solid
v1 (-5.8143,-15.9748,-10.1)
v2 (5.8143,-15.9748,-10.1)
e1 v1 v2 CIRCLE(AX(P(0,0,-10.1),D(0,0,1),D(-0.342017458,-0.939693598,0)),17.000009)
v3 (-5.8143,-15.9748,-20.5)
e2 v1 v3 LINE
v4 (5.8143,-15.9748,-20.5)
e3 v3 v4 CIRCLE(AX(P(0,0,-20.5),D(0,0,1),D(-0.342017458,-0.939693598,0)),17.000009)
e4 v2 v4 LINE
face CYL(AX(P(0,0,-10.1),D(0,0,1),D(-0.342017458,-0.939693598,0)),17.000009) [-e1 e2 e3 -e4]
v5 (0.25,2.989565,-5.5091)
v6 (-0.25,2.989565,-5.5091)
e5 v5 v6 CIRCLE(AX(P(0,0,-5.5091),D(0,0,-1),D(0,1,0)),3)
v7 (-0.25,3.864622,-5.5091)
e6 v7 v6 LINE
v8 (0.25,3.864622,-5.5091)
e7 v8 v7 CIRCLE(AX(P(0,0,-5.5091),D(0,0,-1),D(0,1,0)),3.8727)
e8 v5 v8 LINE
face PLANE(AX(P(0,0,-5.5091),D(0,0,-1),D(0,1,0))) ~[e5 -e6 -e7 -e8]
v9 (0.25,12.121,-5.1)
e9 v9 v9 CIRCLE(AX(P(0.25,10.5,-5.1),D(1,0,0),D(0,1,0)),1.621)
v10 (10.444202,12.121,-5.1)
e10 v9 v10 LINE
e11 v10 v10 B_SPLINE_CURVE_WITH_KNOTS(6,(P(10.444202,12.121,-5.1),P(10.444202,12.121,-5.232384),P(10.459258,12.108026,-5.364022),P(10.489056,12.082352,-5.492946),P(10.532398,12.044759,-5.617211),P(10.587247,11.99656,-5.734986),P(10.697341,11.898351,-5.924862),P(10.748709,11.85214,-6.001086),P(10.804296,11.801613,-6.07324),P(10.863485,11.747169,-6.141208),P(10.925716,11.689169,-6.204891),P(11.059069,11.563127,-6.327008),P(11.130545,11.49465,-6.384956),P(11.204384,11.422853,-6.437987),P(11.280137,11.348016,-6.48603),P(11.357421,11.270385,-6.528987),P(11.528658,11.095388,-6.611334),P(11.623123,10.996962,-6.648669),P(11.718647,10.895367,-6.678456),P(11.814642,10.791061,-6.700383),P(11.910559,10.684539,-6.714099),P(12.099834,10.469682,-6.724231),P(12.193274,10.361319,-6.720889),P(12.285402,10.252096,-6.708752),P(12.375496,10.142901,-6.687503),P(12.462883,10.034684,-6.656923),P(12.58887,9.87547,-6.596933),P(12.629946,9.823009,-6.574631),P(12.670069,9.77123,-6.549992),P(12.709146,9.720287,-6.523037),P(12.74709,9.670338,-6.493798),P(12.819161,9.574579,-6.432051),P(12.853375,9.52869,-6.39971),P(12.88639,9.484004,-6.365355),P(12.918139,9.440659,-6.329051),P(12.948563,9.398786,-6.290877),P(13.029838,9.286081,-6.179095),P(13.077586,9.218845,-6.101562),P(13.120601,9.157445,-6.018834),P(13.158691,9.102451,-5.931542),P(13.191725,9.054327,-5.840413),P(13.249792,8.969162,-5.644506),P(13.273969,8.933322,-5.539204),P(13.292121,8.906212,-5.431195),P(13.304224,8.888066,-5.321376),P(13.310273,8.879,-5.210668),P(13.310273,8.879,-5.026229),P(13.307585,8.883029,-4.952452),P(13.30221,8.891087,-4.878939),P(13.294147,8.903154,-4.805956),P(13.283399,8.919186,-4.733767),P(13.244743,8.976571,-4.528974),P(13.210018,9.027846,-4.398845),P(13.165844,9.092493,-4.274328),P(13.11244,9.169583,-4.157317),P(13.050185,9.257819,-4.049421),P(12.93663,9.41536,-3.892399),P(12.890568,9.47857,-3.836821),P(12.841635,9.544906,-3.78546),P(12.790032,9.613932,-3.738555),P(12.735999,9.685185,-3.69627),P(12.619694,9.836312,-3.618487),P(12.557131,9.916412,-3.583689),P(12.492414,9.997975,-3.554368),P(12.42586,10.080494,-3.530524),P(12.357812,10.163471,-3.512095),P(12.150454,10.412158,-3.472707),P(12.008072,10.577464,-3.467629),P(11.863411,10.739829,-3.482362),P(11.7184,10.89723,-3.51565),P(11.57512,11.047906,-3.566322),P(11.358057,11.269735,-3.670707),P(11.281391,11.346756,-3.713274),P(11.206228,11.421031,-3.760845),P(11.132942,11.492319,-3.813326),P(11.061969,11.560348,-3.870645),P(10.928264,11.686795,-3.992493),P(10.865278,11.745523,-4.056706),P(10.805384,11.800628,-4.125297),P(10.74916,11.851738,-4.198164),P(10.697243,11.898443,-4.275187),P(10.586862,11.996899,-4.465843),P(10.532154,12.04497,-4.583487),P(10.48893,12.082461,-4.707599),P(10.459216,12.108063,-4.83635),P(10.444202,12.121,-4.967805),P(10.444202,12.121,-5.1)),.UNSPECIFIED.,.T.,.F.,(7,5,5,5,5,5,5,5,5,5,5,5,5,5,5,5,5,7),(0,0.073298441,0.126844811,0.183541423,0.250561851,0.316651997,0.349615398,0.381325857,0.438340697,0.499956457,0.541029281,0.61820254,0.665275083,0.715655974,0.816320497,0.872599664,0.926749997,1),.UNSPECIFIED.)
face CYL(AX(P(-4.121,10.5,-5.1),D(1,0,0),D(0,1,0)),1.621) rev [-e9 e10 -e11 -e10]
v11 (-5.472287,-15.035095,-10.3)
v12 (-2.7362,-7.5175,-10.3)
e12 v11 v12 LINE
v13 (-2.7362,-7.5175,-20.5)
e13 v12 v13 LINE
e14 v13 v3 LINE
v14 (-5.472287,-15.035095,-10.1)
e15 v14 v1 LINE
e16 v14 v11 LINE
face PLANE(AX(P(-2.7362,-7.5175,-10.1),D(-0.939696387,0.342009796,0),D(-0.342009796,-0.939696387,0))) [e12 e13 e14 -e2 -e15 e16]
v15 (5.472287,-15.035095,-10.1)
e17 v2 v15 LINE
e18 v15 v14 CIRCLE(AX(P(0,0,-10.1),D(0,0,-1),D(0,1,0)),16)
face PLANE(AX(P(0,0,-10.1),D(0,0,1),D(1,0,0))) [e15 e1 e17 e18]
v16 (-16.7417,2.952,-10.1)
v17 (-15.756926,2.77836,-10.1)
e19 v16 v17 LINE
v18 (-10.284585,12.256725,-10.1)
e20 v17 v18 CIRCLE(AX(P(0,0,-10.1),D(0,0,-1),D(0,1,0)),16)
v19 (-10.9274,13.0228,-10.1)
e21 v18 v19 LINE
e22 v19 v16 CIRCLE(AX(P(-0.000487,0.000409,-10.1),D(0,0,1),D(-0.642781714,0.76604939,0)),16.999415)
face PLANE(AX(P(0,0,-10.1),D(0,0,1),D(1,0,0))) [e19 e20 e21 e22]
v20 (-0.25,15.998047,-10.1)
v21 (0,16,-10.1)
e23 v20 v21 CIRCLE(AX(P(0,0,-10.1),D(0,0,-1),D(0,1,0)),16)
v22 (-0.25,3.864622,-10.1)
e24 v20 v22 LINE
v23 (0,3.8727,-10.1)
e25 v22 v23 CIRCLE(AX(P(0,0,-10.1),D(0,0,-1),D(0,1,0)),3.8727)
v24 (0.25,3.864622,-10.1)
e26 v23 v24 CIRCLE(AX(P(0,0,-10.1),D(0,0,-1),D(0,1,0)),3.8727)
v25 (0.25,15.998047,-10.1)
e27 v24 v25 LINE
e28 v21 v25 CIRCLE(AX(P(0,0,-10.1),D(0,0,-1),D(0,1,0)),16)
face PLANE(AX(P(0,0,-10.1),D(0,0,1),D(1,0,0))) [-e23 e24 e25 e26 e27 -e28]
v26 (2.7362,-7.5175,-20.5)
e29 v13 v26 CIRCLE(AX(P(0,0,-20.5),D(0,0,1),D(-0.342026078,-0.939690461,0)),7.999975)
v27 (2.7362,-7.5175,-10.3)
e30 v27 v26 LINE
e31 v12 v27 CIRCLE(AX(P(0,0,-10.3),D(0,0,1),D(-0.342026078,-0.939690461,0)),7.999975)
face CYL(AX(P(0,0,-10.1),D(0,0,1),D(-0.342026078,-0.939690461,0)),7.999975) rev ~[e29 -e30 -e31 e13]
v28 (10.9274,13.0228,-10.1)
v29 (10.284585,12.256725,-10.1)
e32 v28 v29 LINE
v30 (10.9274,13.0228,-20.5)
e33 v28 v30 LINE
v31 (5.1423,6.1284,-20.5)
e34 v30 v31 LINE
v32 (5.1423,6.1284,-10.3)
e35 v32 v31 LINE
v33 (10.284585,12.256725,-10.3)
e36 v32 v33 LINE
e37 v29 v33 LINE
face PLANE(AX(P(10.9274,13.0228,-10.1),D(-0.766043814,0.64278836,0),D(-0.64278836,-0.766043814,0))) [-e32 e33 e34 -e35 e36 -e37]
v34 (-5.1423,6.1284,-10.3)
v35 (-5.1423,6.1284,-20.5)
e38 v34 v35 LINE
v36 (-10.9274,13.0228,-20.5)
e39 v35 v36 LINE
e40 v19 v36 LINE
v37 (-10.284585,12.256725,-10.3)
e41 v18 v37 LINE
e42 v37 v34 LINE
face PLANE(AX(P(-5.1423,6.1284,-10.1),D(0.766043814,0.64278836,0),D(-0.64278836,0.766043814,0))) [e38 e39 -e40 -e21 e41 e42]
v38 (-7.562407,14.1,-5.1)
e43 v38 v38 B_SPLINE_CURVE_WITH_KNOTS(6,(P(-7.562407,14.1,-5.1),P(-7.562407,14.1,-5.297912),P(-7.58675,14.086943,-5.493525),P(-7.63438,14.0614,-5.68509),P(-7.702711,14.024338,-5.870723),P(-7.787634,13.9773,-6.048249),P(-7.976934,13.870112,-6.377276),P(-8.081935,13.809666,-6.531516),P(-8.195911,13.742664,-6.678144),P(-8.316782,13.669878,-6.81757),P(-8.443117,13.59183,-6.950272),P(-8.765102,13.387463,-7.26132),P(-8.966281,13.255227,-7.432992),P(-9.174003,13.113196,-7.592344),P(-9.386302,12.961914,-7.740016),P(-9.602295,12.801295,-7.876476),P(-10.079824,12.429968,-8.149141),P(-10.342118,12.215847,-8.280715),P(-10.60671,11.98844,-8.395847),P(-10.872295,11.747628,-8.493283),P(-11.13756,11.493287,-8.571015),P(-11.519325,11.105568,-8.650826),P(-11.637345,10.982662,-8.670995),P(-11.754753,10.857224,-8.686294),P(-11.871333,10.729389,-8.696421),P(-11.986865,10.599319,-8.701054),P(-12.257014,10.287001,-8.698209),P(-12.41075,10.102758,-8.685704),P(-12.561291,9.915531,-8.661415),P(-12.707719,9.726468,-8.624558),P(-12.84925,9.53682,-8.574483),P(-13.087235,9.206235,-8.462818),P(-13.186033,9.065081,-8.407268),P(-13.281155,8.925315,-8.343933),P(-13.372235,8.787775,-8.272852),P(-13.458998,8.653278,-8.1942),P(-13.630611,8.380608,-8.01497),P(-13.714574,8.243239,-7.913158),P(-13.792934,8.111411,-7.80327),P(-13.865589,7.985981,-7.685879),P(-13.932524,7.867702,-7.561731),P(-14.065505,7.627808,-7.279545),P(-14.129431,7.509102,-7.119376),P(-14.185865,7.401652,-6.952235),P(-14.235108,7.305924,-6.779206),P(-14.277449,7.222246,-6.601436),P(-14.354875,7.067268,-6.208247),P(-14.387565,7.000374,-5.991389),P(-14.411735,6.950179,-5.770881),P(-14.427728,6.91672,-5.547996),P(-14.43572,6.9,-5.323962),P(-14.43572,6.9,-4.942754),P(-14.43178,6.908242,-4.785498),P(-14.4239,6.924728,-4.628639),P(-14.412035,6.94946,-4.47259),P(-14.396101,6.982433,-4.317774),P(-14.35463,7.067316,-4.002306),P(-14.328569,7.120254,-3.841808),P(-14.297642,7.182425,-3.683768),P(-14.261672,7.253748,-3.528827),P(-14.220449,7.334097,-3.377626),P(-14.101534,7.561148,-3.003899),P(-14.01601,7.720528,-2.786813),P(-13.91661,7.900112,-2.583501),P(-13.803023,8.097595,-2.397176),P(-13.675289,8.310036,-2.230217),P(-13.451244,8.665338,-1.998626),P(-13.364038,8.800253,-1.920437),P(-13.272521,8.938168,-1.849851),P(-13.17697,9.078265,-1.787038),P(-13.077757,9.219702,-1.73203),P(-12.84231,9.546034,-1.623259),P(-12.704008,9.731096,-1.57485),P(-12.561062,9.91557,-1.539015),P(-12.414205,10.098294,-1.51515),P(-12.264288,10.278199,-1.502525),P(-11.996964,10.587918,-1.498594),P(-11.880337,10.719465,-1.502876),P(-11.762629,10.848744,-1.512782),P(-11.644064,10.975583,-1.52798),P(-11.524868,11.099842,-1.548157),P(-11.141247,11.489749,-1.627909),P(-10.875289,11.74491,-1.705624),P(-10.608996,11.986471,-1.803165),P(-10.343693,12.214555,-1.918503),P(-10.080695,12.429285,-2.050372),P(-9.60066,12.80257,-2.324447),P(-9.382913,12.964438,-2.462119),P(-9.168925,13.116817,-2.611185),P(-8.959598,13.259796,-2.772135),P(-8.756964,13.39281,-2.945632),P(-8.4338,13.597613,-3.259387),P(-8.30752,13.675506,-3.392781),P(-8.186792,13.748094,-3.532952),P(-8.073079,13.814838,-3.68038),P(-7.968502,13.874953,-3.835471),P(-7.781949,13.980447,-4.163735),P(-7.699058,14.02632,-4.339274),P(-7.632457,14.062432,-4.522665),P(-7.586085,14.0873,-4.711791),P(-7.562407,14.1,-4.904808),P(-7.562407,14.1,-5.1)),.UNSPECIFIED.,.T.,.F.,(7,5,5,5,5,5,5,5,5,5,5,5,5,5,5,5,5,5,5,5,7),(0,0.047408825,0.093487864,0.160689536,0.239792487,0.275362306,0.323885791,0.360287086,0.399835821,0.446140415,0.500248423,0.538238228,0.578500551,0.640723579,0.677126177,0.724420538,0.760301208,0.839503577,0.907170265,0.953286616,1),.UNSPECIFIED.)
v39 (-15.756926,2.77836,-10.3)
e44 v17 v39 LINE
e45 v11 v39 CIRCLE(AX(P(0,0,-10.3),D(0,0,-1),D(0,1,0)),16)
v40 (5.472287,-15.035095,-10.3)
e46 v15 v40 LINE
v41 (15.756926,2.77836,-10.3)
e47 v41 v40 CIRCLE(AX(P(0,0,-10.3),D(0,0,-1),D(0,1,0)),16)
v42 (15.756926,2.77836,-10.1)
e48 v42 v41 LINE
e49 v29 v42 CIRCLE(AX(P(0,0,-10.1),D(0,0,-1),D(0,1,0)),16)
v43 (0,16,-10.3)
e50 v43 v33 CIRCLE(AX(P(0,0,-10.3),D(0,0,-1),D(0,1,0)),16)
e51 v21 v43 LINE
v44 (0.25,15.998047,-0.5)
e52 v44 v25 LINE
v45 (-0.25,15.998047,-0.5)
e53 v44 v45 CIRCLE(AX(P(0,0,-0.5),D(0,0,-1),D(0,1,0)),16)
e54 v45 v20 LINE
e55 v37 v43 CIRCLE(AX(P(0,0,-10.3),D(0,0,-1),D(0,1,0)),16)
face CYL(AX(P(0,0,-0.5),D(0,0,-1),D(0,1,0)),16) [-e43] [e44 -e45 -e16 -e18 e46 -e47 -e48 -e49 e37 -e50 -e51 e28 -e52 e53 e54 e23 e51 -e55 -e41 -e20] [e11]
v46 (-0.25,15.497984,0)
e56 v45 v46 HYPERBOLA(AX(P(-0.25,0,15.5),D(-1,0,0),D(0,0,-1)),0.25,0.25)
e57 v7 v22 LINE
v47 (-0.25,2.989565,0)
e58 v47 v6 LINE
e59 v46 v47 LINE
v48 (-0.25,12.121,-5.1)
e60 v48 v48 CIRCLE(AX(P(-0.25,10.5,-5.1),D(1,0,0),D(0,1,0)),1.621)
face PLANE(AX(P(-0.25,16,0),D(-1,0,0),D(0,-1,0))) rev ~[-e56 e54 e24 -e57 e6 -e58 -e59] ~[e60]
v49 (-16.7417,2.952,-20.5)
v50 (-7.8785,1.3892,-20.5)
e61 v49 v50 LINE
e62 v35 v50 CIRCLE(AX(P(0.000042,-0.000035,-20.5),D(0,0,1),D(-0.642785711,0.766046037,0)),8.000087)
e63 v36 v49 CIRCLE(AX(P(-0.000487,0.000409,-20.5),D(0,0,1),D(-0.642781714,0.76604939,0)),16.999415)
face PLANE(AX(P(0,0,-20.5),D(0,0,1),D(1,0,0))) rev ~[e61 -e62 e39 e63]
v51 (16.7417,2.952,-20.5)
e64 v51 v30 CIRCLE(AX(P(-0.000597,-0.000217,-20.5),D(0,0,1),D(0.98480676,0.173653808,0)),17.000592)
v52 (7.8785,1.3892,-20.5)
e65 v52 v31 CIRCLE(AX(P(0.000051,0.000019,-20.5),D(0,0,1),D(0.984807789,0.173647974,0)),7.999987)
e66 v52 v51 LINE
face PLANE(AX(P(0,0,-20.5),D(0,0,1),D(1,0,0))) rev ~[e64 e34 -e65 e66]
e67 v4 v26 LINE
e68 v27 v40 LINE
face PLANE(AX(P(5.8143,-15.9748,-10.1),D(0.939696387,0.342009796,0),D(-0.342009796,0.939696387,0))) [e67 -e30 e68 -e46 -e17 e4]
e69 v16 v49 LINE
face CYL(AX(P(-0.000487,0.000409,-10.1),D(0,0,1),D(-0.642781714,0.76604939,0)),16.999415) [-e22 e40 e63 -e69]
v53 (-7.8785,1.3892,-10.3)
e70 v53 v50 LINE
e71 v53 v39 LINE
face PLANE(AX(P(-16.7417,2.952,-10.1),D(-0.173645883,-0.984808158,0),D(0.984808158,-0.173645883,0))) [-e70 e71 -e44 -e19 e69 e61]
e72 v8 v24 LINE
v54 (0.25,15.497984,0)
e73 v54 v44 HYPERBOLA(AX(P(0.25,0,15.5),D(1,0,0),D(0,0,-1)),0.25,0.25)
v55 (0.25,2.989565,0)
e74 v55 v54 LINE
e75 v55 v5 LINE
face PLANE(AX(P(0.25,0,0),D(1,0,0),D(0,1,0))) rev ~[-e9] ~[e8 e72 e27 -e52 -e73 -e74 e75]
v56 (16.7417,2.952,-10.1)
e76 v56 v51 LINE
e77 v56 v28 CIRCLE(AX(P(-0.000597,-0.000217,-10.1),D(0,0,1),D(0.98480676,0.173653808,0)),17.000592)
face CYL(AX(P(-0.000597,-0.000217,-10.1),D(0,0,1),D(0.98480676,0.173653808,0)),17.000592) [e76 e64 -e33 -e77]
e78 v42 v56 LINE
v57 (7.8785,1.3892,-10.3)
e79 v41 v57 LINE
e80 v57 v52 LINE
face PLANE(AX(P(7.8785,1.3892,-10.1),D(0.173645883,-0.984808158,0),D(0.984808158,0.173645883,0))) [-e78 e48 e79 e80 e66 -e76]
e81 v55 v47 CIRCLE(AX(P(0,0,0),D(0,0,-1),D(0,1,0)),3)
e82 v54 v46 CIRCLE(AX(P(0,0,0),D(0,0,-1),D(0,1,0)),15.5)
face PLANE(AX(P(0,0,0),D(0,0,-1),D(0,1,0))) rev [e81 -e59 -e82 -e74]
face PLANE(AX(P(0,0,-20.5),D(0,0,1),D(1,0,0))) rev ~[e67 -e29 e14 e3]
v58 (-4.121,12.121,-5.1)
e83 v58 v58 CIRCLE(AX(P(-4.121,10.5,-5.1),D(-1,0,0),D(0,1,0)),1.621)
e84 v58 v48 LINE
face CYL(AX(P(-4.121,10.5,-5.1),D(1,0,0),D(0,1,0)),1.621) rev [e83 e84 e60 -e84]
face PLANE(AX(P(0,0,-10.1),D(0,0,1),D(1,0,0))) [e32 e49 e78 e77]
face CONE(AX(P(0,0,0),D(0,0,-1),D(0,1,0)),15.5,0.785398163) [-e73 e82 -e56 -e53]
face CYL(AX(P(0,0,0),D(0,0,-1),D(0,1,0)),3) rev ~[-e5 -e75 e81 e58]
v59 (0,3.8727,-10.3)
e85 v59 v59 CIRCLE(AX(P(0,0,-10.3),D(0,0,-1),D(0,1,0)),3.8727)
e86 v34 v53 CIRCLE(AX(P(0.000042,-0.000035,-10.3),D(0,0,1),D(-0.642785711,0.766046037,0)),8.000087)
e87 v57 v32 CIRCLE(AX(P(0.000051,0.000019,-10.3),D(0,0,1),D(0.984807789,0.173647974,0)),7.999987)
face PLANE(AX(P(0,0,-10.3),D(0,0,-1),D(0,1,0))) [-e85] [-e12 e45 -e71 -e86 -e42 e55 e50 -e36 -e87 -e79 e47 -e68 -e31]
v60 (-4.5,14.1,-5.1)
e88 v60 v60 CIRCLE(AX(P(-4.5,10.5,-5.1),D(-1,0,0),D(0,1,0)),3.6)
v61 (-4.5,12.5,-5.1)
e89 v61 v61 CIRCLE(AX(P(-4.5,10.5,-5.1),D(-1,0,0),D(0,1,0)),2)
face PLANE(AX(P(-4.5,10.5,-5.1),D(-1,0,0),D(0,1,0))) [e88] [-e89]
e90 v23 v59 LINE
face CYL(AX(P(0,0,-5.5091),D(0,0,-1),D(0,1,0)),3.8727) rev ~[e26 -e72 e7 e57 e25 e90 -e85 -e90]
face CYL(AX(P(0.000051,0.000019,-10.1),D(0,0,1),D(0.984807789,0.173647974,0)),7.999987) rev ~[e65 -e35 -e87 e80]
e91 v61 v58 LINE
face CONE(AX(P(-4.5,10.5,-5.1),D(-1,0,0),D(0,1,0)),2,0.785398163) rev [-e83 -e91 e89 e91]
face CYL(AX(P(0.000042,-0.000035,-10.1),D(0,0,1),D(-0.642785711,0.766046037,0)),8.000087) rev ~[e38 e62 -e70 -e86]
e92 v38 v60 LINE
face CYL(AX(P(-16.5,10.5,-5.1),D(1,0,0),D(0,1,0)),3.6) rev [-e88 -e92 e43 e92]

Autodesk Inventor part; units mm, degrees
sketch "Sketch_1" plane through (0, 0, 0) normal (1, 0, 0) x (0, 1, 0)
  line L0 (0, -10.3) -> (0, 0)
  line L1 (0, 0) -> (15.5, 0)
  line L2 (15.5, 0) -> (16, -0.5)
  line L3 (16, -0.5) -> (16, -10.3)
  line L4 (16, -10.3) -> (0, -10.3)
  line L5 (0, -10.3) -> (0, 0)
revolve "Revolution1" add sketch "Sketch_1" angle 360 about axis through (0, 0, -10.3) along (0, 0, -1)
sketch "Sketch_2" plane through (0, 0, -10.1) normal (0, 0, 1) x (1, 0, 0)
  line L0 (-16.7417, 2.952) -> (-7.8785, 1.3892)
  arc A0 (-5.1423, 6.1284) -> (-7.8785, 1.3892) centre (0, 0) ccw
  line L1 (-5.1423, 6.1284) -> (-10.9274, 13.0228)
  arc A1 (-10.9274, 13.0228) -> (-16.7417, 2.952) centre (0, 0) ccw
extrude "Extrusion1" add sketch "Sketch_2" against normal blind 10.4
sketch "Sketch_3" plane through (0, 0, -10.1) normal (0, 0, 1) x (1, 0, 0)
  arc A0 (-5.8143, -15.9748) -> (5.8143, -15.9748) centre (0, 0) ccw
  line L0 (5.8143, -15.9748) -> (2.7362, -7.5175)
  arc A1 (-2.7362, -7.5175) -> (2.7362, -7.5175) centre (0, 0) ccw
  line L1 (-2.7362, -7.5175) -> (-5.8143, -15.9748)
extrude "Extrusion2" add sketch "Sketch_3" against normal blind 10.4
sketch "Sketch_19" plane through (0, 0, -10.1) normal (0, 0, 1) x (1, 0, 0)
  arc A0 (7.8785, 1.3892) -> (5.1423, 6.1284) centre (0, 0) ccw
  line L0 (7.8785, 1.3892) -> (16.7417, 2.952)
  arc A1 (16.7417, 2.952) -> (10.9274, 13.0228) centre (0, 0) ccw
  line L1 (10.9274, 13.0228) -> (5.1423, 6.1284)
extrude "Extrusion3" add sketch "Sketch_19" against normal blind 10.4
sketch "Sketch_9" plane through (0, 0, 0) normal (1, 0, 0) x (0, 1, 0)
  line L0 (0, -28.3636) -> (0, 0)
  line L1 (0, 0) -> (3, 0)
  line L2 (3, 0) -> (3, -5.5091)
  line L3 (3, -5.5091) -> (3.8727, -5.5091)
  line L4 (3.8727, -5.5091) -> (3.8727, -11.8909)
  line L5 (3.8727, -11.8909) -> (2.4545, -11.8909)
  line L6 (2.4545, -11.8909) -> (2.4545, -13.2545)
  line L7 (2.4545, -13.2545) -> (1.1275, -13.2545)
  line L8 (1.1275, -13.2545) -> (1.1275, -28.1275)
  line L9 (1.1275, -28.1275) -> (1.3636, -28.3636)
  line L10 (1.3636, -28.3636) -> (0, -28.3636)
  line L11 (0, -28.3636) -> (0, 0)
  dimension "d36" = 3
revolve "Revolution3" cut sketch "Sketch_9" angle 360 about axis through (0, 0, -28.3636) along (0, 0, -1)
sketch "Sketch_12" plane through (0, 0, 0) normal (0, 0, 1) x (1, 0, 0)
  line L0 (-0.25, 16) -> (-0.25, 0)
  line L1 (-0.25, 0) -> (0.25, 0)
  line L2 (0.25, 0) -> (0.25, 16)
  line L3 (0.25, 16) -> (-0.25, 16)
extrude "Extrusion10" cut sketch "Sketch_12" against normal blind 10.1
sketch "Sketch_13" plane through (0, 0, -5.1) normal (0, 0, 1) x (1, 0, 0)
  line L0 (13.5, 10.5) -> (-16.5, 10.5)
  line L1 (-16.5, 10.5) -> (-16.5, 14.1)
  line L2 (-16.5, 14.1) -> (-4.5, 14.1)
  line L3 (-4.5, 14.1) -> (-4.5, 12.5)
  line L4 (-4.5, 12.5) -> (-4.121, 12.121)
  line L5 (-4.121, 12.121) -> (13.5, 12.121)
  line L6 (13.5, 12.121) -> (13.5, 10.5)
  line L7 (13.5, 10.5) -> (-16.5, 10.5)
revolve "Revolution6" cut sketch "Sketch_13" angle 360 about axis through (13.5, 10.5, -5.1) along (-1, 0, 0)
thread "Thread2" size "M4x0.7" class "6H" standard "ISO Metric profile" length 17.621
sketch "Sketch_11" plane through (0, 0, -21.8) normal (0, 0, 1) x (0, 1, 0)
  arc A0 (-1.8674, -0.5726) -> (-1.4296, -1.3309) centre (-1.5586, -0.8998) ccw
  arc A1 (-0.4378, -1.9035) -> (-1.4296, -1.3309) centre (-1.2039, -2.0852) ccw
  arc A2 (-0.4378, -1.9035) -> (0.4378, -1.9035) centre (0, -1.7997) ccw
  arc A3 (1.4296, -1.3309) -> (0.4378, -1.9035) centre (1.2039, -2.0852) ccw
  arc A4 (1.4296, -1.3309) -> (1.8674, -0.5726) centre (1.5586, -0.8998) ccw
  arc A5 (1.8674, 0.5726) -> (1.8674, -0.5726) centre (2.4078, 0) ccw
  arc A6 (1.8674, 0.5726) -> (1.4296, 1.3309) centre (1.5586, 0.8999) ccw
  arc A7 (0.4378, 1.9035) -> (1.4296, 1.3309) centre (1.2039, 2.0852) ccw
  arc A8 (0.4378, 1.9035) -> (-0.4378, 1.9035) centre (0, 1.7997) ccw
  arc A9 (-1.4296, 1.3309) -> (-0.4378, 1.9035) centre (-1.2039, 2.0852) ccw
  arc A10 (-1.4296, 1.3309) -> (-1.8674, 0.5726) centre (-1.5586, 0.8999) ccw
  arc A11 (-1.8674, -0.5726) -> (-1.8674, 0.5726) centre (-2.4078, 0) ccw
extrude "Extrusion11" cut sketch "Sketch_11" against normal blind 2.64
sketch "Sketch_15" plane through (-8.5, 10.5, -5.1) normal (-1, 0, 0) x (0, 1, 0)
  arc A0 (-1.6394, -0.5027) -> (-1.2551, -1.1684) centre (-1.3683, -0.79) ccw
  arc A1 (-0.3843, -1.6711) -> (-1.2551, -1.1684) centre (-1.0569, -1.8307) ccw
  arc A2 (-0.3843, -1.6711) -> (0.3843, -1.6711) centre (0, -1.58) ccw
  arc A3 (1.2551, -1.1684) -> (0.3843, -1.6711) centre (1.0569, -1.8307) ccw
  arc A4 (1.2551, -1.1684) -> (1.6394, -0.5027) centre (1.3683, -0.79) ccw
  arc A5 (1.6394, 0.5027) -> (1.6394, -0.5027) centre (2.1139, 0) ccw
  arc A6 (1.6394, 0.5027) -> (1.2551, 1.1684) centre (1.3683, 0.79) ccw
  arc A7 (0.3843, 1.6711) -> (1.2551, 1.1684) centre (1.0569, 1.8307) ccw
  arc A8 (0.3843, 1.6711) -> (-0.3843, 1.6711) centre (0, 1.58) ccw
  arc A9 (-1.2551, 1.1684) -> (-0.3843, 1.6711) centre (-1.0569, 1.8307) ccw
  arc A10 (-1.2551, 1.1684) -> (-1.6394, 0.5027) centre (-1.3683, 0.79) ccw
  arc A11 (-1.6394, -0.5027) -> (-1.6394, 0.5027) centre (-2.1139, 0) ccw
extrude "Extrusion12" cut sketch "Sketch_15" against normal blind 2.34
ref_plane "KUPPLUNG_XY" through (0, 0, 0) normal (0, 0, 1) x (1, 0, 0)
ref_plane "KUPPLUNG_YZ" through (0, 0, 0) normal (1, 0, 0) x (0, 1, 0)
ref_plane "KUPPLUNG_ZX" through (0, 0, 0) normal (0, 1, 0) x (0, 0, 1)
properties part number "Coupling"
